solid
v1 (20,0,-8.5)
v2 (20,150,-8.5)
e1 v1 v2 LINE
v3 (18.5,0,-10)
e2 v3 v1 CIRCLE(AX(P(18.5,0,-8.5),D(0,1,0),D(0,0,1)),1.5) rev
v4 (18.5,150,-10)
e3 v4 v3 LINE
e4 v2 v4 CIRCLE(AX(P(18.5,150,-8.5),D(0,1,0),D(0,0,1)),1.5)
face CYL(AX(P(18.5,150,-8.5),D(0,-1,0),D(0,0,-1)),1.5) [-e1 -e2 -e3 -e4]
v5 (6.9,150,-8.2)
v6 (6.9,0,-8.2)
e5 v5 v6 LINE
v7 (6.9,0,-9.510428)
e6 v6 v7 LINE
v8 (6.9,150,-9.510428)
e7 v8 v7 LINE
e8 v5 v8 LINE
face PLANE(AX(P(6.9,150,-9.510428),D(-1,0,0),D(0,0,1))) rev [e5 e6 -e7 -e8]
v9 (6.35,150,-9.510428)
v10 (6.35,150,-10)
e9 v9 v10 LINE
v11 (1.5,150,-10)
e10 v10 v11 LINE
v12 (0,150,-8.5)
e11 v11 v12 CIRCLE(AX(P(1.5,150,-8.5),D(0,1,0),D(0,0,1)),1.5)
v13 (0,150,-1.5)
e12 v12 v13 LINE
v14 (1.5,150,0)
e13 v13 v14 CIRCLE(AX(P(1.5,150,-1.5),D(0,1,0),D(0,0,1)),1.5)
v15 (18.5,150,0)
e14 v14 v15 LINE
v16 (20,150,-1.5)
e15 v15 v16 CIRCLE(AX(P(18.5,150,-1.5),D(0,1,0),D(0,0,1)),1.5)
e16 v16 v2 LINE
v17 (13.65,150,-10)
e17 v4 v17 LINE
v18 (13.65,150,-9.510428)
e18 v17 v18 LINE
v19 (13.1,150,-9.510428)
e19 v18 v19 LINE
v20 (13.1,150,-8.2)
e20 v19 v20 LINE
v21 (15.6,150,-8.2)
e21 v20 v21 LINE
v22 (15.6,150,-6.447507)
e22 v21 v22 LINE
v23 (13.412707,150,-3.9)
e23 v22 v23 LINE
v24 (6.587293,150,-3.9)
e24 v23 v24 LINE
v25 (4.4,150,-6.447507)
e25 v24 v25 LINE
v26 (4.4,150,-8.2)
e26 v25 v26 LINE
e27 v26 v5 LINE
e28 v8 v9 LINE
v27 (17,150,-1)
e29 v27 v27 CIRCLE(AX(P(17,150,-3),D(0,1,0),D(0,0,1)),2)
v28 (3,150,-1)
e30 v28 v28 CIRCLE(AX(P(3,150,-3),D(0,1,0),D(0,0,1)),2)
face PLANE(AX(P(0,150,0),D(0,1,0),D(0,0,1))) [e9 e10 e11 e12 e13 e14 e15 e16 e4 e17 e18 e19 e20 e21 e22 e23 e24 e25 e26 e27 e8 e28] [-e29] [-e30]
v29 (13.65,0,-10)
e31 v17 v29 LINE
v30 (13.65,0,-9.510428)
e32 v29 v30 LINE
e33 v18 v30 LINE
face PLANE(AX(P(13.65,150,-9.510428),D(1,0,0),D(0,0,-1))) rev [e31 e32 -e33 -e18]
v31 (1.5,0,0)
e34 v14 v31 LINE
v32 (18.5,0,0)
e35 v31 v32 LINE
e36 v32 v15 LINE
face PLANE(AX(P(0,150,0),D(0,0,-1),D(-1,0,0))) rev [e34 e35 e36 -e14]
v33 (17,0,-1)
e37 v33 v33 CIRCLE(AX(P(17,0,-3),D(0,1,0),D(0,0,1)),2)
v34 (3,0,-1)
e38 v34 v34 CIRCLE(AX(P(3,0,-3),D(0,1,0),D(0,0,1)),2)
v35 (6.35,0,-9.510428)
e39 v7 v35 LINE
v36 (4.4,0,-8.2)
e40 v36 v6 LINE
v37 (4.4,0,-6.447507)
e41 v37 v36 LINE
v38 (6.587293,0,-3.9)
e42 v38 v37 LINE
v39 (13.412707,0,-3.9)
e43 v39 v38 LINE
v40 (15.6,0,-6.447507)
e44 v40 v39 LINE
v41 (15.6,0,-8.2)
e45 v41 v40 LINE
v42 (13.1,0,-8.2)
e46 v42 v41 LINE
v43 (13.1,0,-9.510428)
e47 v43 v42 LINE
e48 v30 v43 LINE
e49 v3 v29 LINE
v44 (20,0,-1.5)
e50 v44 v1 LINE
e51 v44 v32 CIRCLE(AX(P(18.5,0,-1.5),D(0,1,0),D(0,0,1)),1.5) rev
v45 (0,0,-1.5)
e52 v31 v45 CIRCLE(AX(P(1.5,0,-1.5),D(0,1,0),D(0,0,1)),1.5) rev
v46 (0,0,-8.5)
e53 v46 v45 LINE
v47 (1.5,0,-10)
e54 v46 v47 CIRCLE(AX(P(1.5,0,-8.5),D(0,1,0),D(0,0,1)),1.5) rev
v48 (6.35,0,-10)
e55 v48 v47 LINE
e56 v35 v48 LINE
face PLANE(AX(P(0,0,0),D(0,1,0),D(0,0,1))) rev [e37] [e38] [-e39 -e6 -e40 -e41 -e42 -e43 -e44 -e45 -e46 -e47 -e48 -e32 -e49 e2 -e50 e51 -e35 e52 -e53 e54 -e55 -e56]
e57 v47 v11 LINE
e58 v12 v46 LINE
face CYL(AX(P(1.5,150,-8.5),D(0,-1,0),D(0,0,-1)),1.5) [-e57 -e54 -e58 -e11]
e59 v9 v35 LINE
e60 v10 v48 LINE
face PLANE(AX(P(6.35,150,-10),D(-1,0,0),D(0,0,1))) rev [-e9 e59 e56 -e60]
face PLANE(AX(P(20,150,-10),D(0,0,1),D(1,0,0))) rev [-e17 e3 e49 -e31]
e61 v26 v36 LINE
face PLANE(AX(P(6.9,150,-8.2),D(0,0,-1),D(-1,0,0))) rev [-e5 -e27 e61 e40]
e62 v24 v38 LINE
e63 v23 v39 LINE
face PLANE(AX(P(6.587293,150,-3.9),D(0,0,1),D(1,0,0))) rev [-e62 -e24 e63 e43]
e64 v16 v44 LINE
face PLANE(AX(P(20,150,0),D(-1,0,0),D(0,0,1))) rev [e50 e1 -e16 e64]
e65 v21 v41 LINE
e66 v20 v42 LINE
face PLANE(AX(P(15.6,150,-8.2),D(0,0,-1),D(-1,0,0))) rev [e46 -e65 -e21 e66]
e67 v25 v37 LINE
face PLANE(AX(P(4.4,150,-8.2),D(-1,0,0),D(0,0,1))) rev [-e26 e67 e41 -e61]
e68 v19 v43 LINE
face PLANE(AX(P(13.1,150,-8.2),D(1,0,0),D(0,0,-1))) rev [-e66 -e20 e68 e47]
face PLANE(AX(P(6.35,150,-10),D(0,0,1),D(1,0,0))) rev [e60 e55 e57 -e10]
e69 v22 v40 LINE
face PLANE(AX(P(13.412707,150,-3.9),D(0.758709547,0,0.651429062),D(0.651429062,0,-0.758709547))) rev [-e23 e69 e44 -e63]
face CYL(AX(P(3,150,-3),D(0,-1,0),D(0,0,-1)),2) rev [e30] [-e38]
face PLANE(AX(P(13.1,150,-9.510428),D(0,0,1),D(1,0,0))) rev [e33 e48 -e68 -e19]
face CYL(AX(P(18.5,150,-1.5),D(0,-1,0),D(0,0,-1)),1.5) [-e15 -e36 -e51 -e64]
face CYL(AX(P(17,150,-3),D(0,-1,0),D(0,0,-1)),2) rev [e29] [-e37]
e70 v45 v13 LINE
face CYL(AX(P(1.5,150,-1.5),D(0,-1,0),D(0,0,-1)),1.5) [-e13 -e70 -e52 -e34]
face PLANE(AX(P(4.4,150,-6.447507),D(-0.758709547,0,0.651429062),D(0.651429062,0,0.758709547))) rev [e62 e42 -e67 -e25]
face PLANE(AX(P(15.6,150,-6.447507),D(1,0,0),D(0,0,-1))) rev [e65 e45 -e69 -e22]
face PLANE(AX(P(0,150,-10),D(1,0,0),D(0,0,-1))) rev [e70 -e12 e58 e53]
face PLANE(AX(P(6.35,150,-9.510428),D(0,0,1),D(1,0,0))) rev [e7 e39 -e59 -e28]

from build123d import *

# Parameters (mm, degrees)
SKETCH_1_R      = 2
EXTRUDE_1_DEPTH = 150
FILLET_1_R      = 1.5


with BuildPart() as part:
    # 草图1 → 凸台-拉伸1 (new body)
    with BuildSketch(Plane(origin=(0, 0, 0), x_dir=(1, 0, 0), z_dir=(0, 1, 0))):
        Polygon((0, 0), (20, 0), (20, 10), (13.65, 10), (13.65, 9.510427602), (13.1, 9.510427602), (13.1, 8.2), (15.6, 8.2), (15.6, 6.447507136), (13.412706863, 3.9), (6.587293137, 3.9), (4.4, 6.447507136), (4.4, 8.2), (6.9, 8.2), (6.9, 9.510427602), (6.35, 9.510427602), (6.35, 10), (0, 10), align=None)
        with Locations(Location((3, 3, 0), (0, 0, 270))):
            Circle(SKETCH_1_R, mode=Mode.SUBTRACT)
        with Locations(Location((17, 3, 0), (0, 0, 270))):
            Circle(SKETCH_1_R, mode=Mode.SUBTRACT)
    extrude(amount=EXTRUDE_1_DEPTH)

    # 圆角1
    fillet_1_edges = [part.edges().sort_by_distance(p)[0] for p in [
        (0, 75, -10),
        (20, 75, -10),
        (20, 75, 0),
        (0, 75, 0),
    ]]
    fillet(fillet_1_edges, radius=FILLET_1_R)


solid = part.part
